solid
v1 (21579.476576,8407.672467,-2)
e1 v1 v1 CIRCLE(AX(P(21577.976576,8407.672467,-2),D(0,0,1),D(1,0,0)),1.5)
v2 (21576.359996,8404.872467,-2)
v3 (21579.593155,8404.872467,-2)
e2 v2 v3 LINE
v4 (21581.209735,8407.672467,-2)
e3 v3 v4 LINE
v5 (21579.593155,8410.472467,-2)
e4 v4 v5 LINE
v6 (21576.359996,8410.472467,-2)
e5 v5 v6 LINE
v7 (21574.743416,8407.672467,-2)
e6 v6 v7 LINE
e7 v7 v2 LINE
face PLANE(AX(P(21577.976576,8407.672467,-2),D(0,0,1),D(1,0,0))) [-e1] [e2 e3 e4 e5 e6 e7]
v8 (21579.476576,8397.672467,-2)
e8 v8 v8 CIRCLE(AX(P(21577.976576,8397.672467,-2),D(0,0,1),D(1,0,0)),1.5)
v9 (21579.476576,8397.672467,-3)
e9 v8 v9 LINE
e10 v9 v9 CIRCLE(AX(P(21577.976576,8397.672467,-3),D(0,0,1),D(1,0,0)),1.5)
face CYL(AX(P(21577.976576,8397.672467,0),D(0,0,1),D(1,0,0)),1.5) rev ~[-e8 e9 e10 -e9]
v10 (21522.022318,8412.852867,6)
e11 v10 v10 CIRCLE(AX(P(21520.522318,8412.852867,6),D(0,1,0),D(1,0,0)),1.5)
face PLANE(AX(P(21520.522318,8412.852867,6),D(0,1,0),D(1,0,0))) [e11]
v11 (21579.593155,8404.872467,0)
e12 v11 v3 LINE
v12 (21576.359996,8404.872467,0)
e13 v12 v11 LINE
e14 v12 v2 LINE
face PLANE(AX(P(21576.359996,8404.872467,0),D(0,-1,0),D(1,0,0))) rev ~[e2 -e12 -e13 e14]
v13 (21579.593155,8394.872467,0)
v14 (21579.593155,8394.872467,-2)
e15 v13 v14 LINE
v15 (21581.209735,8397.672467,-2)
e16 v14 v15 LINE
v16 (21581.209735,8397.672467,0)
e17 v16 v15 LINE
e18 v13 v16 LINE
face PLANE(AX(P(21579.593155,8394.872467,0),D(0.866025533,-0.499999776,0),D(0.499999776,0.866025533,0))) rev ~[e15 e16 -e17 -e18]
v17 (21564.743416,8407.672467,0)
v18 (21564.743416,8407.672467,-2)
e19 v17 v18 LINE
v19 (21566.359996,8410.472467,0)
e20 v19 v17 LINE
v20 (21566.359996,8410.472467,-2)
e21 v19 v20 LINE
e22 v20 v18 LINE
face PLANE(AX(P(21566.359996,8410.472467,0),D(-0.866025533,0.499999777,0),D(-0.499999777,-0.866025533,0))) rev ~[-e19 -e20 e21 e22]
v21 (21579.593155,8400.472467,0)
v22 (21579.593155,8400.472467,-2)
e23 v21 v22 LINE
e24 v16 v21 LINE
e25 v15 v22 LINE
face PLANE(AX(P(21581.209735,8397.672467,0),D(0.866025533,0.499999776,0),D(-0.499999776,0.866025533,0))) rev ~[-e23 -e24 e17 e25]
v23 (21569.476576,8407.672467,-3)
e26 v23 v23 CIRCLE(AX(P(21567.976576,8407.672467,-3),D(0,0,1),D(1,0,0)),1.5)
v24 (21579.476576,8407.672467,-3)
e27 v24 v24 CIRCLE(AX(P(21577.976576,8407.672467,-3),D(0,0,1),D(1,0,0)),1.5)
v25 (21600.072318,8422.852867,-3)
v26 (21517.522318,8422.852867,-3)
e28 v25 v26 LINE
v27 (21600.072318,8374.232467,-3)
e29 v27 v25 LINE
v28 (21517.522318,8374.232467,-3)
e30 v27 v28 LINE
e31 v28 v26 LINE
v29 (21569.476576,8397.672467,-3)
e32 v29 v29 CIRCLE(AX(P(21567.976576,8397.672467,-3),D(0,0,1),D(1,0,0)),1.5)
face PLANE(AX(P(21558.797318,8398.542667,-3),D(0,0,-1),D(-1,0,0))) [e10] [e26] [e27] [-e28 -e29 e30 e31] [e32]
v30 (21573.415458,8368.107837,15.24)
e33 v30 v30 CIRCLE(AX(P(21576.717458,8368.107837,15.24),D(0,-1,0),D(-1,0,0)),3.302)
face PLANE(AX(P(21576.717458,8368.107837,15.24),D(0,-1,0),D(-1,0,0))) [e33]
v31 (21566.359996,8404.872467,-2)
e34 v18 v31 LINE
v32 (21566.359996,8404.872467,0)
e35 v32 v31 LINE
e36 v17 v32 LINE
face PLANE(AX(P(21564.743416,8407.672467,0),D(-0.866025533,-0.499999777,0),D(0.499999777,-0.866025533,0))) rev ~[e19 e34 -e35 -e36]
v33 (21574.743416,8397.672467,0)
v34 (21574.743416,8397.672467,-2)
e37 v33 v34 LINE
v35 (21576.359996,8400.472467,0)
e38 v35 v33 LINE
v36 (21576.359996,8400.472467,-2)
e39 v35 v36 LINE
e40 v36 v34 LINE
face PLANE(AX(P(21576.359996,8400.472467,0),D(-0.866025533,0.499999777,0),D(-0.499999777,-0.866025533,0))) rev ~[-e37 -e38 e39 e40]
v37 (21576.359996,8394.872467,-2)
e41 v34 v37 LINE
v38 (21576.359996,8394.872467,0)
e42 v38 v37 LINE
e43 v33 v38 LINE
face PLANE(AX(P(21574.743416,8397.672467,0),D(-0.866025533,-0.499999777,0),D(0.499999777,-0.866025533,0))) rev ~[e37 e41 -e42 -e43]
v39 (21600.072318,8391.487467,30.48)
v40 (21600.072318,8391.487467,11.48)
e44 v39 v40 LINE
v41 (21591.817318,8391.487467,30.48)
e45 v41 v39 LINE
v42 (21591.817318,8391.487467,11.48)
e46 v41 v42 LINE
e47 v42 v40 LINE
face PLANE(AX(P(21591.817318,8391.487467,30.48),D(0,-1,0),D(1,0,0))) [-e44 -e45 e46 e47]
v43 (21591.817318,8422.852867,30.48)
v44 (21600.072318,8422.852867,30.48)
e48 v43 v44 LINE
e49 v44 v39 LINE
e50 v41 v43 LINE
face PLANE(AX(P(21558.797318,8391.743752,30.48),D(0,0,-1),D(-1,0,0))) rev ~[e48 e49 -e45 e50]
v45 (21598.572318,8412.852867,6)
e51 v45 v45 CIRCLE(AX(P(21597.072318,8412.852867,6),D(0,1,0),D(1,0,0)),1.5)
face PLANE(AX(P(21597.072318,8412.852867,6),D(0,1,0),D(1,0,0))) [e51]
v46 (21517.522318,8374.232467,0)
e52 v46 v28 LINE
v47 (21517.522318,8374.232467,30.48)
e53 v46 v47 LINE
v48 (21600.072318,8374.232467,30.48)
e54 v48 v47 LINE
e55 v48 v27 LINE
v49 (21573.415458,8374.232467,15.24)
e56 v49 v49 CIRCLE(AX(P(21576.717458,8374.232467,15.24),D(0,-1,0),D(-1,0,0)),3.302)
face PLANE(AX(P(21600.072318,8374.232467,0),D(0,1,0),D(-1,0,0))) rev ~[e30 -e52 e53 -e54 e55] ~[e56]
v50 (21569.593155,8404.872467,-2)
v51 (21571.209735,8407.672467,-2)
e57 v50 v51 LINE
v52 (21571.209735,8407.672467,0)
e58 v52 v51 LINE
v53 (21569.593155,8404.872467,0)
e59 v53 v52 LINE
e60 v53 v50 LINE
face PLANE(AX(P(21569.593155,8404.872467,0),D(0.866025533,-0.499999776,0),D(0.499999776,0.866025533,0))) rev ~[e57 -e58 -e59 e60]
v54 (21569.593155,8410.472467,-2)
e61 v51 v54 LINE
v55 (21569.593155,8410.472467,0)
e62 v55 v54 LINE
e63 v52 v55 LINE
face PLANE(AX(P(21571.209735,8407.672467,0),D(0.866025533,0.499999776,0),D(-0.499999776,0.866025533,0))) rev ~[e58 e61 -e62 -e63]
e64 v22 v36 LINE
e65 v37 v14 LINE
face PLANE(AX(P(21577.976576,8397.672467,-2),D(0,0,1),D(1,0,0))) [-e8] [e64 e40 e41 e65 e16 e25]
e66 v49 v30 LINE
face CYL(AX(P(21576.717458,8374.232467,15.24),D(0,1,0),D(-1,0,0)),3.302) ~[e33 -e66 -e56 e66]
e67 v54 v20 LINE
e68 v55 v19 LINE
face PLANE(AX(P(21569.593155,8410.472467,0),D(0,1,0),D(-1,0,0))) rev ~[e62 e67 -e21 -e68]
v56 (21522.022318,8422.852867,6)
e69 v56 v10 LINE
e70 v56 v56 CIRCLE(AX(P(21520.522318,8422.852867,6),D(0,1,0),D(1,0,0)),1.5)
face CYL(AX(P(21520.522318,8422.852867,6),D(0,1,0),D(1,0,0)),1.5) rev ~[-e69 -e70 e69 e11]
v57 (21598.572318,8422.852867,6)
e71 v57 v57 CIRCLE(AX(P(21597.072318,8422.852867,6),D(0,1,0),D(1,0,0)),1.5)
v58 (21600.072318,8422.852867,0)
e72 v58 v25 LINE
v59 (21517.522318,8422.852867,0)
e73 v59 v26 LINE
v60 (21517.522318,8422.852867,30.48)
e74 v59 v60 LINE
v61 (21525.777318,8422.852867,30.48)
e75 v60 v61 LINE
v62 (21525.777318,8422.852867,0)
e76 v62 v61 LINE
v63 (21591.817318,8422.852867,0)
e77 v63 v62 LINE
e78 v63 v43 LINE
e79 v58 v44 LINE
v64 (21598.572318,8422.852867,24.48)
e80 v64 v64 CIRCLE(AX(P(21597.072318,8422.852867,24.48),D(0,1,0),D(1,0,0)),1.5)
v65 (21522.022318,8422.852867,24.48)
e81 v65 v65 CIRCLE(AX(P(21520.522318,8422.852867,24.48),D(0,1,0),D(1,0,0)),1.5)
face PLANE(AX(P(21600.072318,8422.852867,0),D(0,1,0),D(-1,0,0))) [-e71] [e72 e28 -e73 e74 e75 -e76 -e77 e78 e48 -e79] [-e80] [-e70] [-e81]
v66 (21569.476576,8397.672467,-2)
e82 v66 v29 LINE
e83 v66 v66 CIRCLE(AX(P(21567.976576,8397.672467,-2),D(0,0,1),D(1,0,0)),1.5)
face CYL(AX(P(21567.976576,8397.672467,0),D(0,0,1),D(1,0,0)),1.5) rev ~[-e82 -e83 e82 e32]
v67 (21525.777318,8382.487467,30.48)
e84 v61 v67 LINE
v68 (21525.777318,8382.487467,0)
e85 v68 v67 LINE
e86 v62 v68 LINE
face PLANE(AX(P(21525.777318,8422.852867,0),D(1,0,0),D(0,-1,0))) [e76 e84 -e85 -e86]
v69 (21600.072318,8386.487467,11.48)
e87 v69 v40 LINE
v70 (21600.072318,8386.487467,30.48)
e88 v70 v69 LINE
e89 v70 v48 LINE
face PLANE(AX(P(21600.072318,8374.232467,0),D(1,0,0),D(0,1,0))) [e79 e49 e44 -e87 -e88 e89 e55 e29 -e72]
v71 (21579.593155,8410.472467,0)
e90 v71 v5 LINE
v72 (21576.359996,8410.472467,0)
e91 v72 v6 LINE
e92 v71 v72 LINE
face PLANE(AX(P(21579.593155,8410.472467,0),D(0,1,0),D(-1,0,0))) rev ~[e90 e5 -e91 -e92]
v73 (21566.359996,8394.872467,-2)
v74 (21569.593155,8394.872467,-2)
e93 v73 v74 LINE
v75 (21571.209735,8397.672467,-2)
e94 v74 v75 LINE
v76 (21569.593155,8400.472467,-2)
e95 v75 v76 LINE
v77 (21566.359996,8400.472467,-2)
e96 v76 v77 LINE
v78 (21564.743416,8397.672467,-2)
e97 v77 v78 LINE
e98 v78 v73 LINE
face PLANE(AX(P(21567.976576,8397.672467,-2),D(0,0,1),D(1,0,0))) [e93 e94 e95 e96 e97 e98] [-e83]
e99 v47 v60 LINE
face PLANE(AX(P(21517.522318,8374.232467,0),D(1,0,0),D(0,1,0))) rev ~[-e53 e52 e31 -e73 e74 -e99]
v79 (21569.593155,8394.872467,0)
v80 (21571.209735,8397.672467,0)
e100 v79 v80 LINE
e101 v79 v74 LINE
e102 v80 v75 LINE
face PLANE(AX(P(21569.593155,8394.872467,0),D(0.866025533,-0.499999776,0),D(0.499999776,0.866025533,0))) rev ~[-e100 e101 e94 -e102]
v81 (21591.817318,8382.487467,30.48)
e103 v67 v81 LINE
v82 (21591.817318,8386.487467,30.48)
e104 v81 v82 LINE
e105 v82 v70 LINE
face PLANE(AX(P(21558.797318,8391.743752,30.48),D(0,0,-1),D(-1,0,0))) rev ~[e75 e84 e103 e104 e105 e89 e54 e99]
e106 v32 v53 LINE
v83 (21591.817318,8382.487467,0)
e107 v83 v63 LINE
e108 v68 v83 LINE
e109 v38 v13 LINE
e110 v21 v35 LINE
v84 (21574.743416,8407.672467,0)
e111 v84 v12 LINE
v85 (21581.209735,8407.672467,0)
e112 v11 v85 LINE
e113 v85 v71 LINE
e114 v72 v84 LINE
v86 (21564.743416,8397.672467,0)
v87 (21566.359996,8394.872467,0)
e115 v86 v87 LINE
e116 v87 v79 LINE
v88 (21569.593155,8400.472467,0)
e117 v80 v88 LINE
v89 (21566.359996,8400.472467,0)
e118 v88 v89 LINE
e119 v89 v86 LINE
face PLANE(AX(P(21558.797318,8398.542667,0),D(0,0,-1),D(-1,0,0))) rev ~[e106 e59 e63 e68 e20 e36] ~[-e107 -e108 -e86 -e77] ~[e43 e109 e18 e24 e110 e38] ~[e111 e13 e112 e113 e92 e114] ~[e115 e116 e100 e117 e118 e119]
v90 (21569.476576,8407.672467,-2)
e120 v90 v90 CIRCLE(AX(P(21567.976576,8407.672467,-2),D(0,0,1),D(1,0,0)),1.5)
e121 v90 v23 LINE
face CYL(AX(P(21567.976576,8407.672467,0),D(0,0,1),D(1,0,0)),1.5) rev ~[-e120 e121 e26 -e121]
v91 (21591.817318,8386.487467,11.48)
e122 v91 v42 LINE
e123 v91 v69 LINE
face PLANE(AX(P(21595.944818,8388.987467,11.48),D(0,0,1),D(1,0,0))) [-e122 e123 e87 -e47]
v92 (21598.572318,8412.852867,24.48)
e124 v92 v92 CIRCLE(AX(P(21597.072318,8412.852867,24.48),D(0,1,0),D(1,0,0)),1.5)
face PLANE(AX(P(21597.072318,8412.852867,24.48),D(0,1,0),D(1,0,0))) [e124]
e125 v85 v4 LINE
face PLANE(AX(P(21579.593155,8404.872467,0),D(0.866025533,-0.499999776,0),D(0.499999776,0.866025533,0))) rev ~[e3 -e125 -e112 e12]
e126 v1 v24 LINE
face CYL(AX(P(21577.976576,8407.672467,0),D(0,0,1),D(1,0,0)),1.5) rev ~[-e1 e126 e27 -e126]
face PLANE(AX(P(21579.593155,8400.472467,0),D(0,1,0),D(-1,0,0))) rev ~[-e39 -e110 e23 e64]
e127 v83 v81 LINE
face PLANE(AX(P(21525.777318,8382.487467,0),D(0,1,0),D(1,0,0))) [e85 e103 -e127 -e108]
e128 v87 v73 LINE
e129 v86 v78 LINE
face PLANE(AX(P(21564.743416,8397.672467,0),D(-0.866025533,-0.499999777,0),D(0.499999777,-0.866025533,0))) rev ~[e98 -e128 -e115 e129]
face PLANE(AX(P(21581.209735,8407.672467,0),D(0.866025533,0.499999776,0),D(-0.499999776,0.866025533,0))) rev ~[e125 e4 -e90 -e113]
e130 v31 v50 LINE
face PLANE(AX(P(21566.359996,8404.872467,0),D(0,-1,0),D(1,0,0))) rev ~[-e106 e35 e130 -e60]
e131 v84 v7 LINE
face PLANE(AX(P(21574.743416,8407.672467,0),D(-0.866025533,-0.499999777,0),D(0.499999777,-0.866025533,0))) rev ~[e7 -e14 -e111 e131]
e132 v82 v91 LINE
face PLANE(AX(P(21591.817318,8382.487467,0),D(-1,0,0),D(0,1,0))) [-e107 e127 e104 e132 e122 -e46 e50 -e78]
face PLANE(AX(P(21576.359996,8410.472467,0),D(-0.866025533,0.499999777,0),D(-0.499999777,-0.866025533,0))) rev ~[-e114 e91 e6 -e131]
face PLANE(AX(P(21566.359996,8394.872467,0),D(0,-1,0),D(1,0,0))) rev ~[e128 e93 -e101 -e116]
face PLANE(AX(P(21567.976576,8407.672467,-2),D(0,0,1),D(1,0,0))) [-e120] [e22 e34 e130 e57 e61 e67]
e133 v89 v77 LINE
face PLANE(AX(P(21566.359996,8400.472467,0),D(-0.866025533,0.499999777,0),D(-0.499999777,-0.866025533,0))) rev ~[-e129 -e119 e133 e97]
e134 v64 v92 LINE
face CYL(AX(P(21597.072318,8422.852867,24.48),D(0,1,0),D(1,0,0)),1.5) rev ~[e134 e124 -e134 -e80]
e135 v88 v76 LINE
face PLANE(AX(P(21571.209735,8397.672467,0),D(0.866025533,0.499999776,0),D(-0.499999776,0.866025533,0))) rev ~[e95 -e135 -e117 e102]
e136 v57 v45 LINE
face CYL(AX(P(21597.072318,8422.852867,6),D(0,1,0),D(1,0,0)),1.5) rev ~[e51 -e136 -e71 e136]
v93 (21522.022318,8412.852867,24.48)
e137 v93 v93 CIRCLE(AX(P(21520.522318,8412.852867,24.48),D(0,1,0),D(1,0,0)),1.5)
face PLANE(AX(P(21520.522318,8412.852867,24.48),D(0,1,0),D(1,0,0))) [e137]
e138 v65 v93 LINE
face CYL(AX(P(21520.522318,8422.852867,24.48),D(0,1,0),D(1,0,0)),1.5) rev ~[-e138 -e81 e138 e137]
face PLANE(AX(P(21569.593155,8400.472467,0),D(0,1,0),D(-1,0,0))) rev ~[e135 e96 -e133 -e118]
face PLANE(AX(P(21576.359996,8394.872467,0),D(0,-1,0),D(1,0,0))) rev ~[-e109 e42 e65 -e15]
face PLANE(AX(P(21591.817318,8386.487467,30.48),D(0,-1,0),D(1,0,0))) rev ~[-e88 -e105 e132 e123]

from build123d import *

# Parameters (mm, degrees)
EXTRUDE_1_DEPTH     = 30.48
SKETCH_4_R          = 3.302
EXTRUDE_2_DEPTH     = 6.12463
SKETCH_5_W          = 82.55
SKETCH_5_H          = 48.620400001
EXTRUDE_3_DEPTH     = 3
SKETCH_6_R          = 1.5
CUT_EXTRUDE_1_DEPTH = 3
SKETCH_7_R          = 1.5
CUT_EXTRUDE_2_DEPTH = 2
SKETCH_8_R          = 1.5
CUT_EXTRUDE_3_DEPTH = 10
SKETCH_9_W          = 8.255
SKETCH_9_H          = 5
CUT_EXTRUDE_4_DEPTH = 19


with BuildPart() as part:
    # 스케치3 → 보스-돌출1 (new body)
    with BuildSketch(Plane.XY):
        Polygon((21517.522317655, 8422.852866974), (21525.777317655, 8422.852866974), (21525.777317655, 8382.487466973), (21591.817317655, 8382.487466973), (21591.817317655, 8422.852866974), (21600.072317655, 8422.852866974), (21600.072317655, 8374.232466973), (21517.522317655, 8374.232466973), align=None)
    extrude(amount=EXTRUDE_1_DEPTH)

    # 스케치4 → 보스-돌출2 (add)
    with BuildSketch(Plane(origin=(0, 8374.232466973, 0), x_dir=(-1, 0, 0), z_dir=(0, -1, 0))):
        with Locations((-21576.717457655, -15.24)):
            Circle(SKETCH_4_R)
    extrude(amount=EXTRUDE_2_DEPTH)

    # 스케치5 → 보스-돌출3 (add)
    with BuildSketch(Plane(origin=(0, 0, 0), x_dir=(-1, 0, 0), z_dir=(0, 0, -1))):
        with Locations((-21558.797317655, 8398.542666974)):
            Rectangle(SKETCH_5_W, SKETCH_5_H)
    extrude(amount=EXTRUDE_3_DEPTH)

    # 스케치6 → 컷-돌출1 (cut)
    with BuildSketch(Plane.XY):
        with Locations((21577.97657564, 8407.672466973)):
            Circle(SKETCH_6_R)
        with Locations((21567.97657564, 8407.672466973)):
            Circle(SKETCH_6_R)
        with Locations((21567.97657564, 8397.672466973)):
            Circle(SKETCH_6_R)
        with Locations((21577.97657564, 8397.672466973)):
            Circle(SKETCH_6_R)
    extrude(amount=-CUT_EXTRUDE_1_DEPTH, mode=Mode.SUBTRACT)

    # 스케치7 → 컷-돌출2 (cut)
    with BuildSketch(Plane.XY):
        Polygon((21569.593155483, 8410.472467064), (21566.359995798, 8410.472467064), (21564.743415955, 8407.672466973), (21566.359995798, 8404.872466883), (21569.593155483, 8404.872466883), (21571.209735325, 8407.672466973), align=None)
        with Locations((21567.97657564, 8407.672466973)):
            Circle(SKETCH_7_R, mode=Mode.SUBTRACT)
        Polygon((21569.593155483, 8400.472467064), (21566.359995798, 8400.472467064), (21564.743415955, 8397.672466973), (21566.359995798, 8394.872466883), (21569.593155483, 8394.872466883), (21571.209735325, 8397.672466973), align=None)
        with Locations((21567.97657564, 8397.672466973)):
            Circle(SKETCH_7_R, mode=Mode.SUBTRACT)
        Polygon((21579.593155483, 8400.472467064), (21576.359995798, 8400.472467064), (21574.743415955, 8397.672466973), (21576.359995798, 8394.872466883), (21579.593155483, 8394.872466883), (21581.209735325, 8397.672466973), align=None)
        with Locations((21577.97657564, 8397.672466973)):
            Circle(SKETCH_7_R, mode=Mode.SUBTRACT)
        Polygon((21579.593155483, 8410.472467064), (21576.359995798, 8410.472467064), (21574.743415955, 8407.672466973), (21576.359995798, 8404.872466883), (21579.593155483, 8404.872466883), (21581.209735325, 8407.672466973), align=None)
        with Locations((21577.97657564, 8407.672466973)):
            Circle(SKETCH_7_R, mode=Mode.SUBTRACT)
    extrude(amount=-CUT_EXTRUDE_2_DEPTH, mode=Mode.SUBTRACT)

    # 스케치8 → 컷-돌출3 (cut)
    with BuildSketch(Plane(origin=(0, 8422.852866974, 0), x_dir=(1, 0, 0), z_dir=(0, 1, 0))):
        with Locations((21597.072317655, -6)):
            Circle(SKETCH_8_R)
        with Locations((21597.072317655, -24.48)):
            Circle(SKETCH_8_R)
        with Locations((21520.522317655, -24.48)):
            Circle(SKETCH_8_R)
        with Locations((21520.522317655, -6)):
            Circle(SKETCH_8_R)
    extrude(amount=-CUT_EXTRUDE_3_DEPTH, mode=Mode.SUBTRACT)

    # 스케치9 → 컷-돌출4 (cut)
    with BuildSketch(Plane.XY.offset(30.48)):
        with Locations((21595.944817655, 8388.987466973)):
            Rectangle(SKETCH_9_W, SKETCH_9_H)
    extrude(amount=-CUT_EXTRUDE_4_DEPTH, mode=Mode.SUBTRACT)


solid = part.part
